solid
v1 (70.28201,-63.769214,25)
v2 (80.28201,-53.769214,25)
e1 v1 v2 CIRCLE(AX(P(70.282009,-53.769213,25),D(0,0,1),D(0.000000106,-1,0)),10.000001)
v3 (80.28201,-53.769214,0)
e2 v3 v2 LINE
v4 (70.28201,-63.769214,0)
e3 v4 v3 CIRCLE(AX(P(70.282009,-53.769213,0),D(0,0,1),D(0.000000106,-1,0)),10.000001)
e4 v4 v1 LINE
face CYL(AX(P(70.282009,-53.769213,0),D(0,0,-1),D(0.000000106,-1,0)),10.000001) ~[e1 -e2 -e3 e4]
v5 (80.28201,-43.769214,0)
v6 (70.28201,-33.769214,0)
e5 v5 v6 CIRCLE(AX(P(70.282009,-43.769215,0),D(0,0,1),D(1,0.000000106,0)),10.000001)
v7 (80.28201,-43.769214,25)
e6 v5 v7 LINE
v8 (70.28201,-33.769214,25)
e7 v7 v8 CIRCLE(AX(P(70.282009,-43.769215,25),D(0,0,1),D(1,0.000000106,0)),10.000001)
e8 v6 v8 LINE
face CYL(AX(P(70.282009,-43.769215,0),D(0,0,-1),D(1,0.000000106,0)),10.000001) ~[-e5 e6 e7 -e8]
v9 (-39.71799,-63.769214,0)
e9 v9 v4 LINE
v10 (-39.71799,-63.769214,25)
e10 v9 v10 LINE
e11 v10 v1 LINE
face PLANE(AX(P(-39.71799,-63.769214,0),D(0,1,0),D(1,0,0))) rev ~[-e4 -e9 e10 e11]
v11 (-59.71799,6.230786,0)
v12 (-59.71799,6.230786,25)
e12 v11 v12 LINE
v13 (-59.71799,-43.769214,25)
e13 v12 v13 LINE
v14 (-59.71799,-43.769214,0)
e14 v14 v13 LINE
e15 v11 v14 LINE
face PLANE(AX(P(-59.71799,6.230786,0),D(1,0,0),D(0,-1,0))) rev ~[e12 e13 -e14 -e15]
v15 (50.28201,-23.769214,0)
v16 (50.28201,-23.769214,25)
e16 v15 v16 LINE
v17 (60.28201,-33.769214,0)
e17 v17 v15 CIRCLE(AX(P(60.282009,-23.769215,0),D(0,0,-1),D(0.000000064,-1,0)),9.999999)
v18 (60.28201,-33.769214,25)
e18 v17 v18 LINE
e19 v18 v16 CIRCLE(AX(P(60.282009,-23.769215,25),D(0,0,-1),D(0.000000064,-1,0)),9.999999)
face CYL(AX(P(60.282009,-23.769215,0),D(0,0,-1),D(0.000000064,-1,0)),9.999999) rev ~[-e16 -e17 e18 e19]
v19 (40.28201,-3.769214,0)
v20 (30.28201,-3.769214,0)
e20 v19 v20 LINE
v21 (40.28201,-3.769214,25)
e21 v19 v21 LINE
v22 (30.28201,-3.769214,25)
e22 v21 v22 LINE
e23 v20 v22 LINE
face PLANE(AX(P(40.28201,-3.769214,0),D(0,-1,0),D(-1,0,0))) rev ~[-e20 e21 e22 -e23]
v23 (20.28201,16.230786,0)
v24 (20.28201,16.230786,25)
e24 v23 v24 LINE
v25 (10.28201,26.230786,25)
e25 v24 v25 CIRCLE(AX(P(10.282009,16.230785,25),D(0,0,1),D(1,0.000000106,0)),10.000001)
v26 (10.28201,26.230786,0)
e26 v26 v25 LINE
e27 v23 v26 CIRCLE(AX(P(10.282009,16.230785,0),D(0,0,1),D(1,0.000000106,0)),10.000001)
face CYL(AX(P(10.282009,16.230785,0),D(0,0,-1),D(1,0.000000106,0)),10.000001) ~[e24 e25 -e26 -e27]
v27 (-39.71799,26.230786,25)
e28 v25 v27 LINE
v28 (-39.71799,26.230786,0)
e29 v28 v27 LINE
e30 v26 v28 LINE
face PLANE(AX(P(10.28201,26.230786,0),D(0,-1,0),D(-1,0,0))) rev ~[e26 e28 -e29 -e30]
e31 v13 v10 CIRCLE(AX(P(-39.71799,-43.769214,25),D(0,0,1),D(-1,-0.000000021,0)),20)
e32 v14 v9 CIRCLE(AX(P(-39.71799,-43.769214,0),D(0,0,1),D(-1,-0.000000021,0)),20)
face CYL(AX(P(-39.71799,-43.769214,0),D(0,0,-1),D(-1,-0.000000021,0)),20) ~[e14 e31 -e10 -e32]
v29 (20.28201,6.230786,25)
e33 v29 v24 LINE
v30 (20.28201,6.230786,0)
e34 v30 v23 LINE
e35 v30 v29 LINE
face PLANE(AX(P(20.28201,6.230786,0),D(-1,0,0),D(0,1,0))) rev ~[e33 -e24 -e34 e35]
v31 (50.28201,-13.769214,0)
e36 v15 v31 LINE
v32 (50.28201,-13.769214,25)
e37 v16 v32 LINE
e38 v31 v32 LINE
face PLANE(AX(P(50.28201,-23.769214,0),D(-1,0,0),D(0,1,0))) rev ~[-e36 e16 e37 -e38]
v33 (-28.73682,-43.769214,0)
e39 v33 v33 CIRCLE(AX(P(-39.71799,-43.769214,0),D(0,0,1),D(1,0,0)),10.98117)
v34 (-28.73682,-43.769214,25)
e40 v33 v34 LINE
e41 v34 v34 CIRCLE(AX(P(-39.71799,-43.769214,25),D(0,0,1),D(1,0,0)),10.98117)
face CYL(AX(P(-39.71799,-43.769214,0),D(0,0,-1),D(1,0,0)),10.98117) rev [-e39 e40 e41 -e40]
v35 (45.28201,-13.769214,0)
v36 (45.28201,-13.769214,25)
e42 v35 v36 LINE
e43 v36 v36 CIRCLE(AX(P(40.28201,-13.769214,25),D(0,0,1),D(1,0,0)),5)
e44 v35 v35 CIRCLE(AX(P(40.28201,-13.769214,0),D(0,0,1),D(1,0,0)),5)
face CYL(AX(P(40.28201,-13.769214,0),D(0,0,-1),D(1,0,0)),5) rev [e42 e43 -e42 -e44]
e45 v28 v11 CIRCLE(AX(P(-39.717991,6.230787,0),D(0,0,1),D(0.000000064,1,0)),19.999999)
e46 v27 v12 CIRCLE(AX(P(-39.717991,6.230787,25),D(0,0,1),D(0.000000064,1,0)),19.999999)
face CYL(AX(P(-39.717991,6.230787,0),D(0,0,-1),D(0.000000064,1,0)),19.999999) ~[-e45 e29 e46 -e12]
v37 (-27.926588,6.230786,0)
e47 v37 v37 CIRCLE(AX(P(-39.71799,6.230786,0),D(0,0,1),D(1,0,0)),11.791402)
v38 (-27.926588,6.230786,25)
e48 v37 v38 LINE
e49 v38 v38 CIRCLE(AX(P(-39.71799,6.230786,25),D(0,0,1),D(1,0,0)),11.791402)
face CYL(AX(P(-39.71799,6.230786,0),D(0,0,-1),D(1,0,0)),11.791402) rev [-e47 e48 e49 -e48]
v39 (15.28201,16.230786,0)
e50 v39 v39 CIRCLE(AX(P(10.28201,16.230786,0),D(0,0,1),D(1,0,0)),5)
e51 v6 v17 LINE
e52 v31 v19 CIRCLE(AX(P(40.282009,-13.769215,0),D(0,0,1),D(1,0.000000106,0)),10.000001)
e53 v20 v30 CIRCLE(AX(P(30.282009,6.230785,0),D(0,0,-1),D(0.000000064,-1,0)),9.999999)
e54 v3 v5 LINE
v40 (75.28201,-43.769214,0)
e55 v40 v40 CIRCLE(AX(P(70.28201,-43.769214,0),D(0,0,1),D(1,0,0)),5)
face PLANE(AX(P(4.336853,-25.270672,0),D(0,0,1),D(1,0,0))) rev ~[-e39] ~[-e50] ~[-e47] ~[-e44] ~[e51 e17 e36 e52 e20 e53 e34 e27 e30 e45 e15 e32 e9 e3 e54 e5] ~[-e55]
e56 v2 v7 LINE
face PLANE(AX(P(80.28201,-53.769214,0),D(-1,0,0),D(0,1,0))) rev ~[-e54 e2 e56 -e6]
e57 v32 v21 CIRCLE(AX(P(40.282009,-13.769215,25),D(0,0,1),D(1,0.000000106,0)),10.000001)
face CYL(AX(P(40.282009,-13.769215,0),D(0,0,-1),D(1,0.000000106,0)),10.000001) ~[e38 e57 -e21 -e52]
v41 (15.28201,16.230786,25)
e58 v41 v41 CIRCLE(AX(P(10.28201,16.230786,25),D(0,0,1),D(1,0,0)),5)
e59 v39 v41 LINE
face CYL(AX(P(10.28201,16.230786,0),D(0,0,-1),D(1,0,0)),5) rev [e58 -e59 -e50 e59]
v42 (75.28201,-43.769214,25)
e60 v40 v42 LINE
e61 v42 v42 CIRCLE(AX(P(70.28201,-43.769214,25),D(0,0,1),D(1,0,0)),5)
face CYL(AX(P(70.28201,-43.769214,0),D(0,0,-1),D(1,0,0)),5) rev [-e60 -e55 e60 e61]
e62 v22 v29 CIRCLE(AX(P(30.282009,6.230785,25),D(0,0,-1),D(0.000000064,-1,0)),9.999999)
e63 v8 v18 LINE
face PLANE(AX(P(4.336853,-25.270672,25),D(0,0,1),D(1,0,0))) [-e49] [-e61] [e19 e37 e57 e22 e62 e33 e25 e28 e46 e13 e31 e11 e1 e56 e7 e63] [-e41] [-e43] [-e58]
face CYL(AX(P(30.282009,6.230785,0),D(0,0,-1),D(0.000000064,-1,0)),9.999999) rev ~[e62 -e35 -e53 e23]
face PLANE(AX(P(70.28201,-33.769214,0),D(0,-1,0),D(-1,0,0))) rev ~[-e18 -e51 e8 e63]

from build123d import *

# Parameters (mm, degrees)
F0_R     = 10.98117
F0_R_2   = 5
F0_R_3   = 11.791402
F1_DEPTH = 25


with BuildPart() as f1:
    # F0 (on Top) → F1 (new body)
    with BuildSketch(Plane.XY):
        with BuildLine():
            ThreePointArc((-59.71799, -43.769214), (-53.860126, -57.911349), (-39.71799, -63.769214))
            Line((-39.71799, -63.769214), (70.28201, -63.769214))
            ThreePointArc((70.28201, -63.769214), (77.353077, -60.840282), (80.28201, -53.769214))
            Line((80.28201, -53.769214), (80.28201, -43.769214))
            ThreePointArc((80.28201, -43.769214), (77.353077, -36.698146), (70.28201, -33.769214))
            Line((70.28201, -33.769214), (60.28201, -33.769214))
            ThreePointArc((60.28201, -33.769214), (53.210942, -30.840282), (50.28201, -23.769214))
            Line((50.28201, -23.769214), (50.28201, -13.769214))
            ThreePointArc((50.28201, -13.769214), (47.353077, -6.698146), (40.28201, -3.769214))
            Line((40.28201, -3.769214), (30.28201, -3.769214))
            ThreePointArc((30.28201, -3.769214), (23.210942, -0.840282), (20.28201, 6.230786))
            Line((20.28201, 6.230786), (20.28201, 16.230786))
            ThreePointArc((20.28201, 16.230786), (17.353077, 23.301854), (10.28201, 26.230786))
            Line((10.28201, 26.230786), (-39.71799, 26.230786))
            ThreePointArc((-39.71799, 26.230786), (-53.860126, 20.372922), (-59.71799, 6.230786))
            Line((-59.71799, 6.230786), (-59.71799, -43.769214))
        make_face()
        with Locations((-39.71799, -43.769214)):
            Circle(F0_R, mode=Mode.SUBTRACT)
        with Locations((70.28201, -43.769214)):
            Circle(F0_R_2, mode=Mode.SUBTRACT)
        with Locations((-39.71799, 6.230786)):
            Circle(F0_R_3, mode=Mode.SUBTRACT)
        with Locations((40.28201, -13.769214)):
            Circle(F0_R_2, mode=Mode.SUBTRACT)
        with Locations((10.28201, 16.230786)):
            Circle(F0_R_2, mode=Mode.SUBTRACT)
    extrude(amount=F1_DEPTH)


solid = f1.part
